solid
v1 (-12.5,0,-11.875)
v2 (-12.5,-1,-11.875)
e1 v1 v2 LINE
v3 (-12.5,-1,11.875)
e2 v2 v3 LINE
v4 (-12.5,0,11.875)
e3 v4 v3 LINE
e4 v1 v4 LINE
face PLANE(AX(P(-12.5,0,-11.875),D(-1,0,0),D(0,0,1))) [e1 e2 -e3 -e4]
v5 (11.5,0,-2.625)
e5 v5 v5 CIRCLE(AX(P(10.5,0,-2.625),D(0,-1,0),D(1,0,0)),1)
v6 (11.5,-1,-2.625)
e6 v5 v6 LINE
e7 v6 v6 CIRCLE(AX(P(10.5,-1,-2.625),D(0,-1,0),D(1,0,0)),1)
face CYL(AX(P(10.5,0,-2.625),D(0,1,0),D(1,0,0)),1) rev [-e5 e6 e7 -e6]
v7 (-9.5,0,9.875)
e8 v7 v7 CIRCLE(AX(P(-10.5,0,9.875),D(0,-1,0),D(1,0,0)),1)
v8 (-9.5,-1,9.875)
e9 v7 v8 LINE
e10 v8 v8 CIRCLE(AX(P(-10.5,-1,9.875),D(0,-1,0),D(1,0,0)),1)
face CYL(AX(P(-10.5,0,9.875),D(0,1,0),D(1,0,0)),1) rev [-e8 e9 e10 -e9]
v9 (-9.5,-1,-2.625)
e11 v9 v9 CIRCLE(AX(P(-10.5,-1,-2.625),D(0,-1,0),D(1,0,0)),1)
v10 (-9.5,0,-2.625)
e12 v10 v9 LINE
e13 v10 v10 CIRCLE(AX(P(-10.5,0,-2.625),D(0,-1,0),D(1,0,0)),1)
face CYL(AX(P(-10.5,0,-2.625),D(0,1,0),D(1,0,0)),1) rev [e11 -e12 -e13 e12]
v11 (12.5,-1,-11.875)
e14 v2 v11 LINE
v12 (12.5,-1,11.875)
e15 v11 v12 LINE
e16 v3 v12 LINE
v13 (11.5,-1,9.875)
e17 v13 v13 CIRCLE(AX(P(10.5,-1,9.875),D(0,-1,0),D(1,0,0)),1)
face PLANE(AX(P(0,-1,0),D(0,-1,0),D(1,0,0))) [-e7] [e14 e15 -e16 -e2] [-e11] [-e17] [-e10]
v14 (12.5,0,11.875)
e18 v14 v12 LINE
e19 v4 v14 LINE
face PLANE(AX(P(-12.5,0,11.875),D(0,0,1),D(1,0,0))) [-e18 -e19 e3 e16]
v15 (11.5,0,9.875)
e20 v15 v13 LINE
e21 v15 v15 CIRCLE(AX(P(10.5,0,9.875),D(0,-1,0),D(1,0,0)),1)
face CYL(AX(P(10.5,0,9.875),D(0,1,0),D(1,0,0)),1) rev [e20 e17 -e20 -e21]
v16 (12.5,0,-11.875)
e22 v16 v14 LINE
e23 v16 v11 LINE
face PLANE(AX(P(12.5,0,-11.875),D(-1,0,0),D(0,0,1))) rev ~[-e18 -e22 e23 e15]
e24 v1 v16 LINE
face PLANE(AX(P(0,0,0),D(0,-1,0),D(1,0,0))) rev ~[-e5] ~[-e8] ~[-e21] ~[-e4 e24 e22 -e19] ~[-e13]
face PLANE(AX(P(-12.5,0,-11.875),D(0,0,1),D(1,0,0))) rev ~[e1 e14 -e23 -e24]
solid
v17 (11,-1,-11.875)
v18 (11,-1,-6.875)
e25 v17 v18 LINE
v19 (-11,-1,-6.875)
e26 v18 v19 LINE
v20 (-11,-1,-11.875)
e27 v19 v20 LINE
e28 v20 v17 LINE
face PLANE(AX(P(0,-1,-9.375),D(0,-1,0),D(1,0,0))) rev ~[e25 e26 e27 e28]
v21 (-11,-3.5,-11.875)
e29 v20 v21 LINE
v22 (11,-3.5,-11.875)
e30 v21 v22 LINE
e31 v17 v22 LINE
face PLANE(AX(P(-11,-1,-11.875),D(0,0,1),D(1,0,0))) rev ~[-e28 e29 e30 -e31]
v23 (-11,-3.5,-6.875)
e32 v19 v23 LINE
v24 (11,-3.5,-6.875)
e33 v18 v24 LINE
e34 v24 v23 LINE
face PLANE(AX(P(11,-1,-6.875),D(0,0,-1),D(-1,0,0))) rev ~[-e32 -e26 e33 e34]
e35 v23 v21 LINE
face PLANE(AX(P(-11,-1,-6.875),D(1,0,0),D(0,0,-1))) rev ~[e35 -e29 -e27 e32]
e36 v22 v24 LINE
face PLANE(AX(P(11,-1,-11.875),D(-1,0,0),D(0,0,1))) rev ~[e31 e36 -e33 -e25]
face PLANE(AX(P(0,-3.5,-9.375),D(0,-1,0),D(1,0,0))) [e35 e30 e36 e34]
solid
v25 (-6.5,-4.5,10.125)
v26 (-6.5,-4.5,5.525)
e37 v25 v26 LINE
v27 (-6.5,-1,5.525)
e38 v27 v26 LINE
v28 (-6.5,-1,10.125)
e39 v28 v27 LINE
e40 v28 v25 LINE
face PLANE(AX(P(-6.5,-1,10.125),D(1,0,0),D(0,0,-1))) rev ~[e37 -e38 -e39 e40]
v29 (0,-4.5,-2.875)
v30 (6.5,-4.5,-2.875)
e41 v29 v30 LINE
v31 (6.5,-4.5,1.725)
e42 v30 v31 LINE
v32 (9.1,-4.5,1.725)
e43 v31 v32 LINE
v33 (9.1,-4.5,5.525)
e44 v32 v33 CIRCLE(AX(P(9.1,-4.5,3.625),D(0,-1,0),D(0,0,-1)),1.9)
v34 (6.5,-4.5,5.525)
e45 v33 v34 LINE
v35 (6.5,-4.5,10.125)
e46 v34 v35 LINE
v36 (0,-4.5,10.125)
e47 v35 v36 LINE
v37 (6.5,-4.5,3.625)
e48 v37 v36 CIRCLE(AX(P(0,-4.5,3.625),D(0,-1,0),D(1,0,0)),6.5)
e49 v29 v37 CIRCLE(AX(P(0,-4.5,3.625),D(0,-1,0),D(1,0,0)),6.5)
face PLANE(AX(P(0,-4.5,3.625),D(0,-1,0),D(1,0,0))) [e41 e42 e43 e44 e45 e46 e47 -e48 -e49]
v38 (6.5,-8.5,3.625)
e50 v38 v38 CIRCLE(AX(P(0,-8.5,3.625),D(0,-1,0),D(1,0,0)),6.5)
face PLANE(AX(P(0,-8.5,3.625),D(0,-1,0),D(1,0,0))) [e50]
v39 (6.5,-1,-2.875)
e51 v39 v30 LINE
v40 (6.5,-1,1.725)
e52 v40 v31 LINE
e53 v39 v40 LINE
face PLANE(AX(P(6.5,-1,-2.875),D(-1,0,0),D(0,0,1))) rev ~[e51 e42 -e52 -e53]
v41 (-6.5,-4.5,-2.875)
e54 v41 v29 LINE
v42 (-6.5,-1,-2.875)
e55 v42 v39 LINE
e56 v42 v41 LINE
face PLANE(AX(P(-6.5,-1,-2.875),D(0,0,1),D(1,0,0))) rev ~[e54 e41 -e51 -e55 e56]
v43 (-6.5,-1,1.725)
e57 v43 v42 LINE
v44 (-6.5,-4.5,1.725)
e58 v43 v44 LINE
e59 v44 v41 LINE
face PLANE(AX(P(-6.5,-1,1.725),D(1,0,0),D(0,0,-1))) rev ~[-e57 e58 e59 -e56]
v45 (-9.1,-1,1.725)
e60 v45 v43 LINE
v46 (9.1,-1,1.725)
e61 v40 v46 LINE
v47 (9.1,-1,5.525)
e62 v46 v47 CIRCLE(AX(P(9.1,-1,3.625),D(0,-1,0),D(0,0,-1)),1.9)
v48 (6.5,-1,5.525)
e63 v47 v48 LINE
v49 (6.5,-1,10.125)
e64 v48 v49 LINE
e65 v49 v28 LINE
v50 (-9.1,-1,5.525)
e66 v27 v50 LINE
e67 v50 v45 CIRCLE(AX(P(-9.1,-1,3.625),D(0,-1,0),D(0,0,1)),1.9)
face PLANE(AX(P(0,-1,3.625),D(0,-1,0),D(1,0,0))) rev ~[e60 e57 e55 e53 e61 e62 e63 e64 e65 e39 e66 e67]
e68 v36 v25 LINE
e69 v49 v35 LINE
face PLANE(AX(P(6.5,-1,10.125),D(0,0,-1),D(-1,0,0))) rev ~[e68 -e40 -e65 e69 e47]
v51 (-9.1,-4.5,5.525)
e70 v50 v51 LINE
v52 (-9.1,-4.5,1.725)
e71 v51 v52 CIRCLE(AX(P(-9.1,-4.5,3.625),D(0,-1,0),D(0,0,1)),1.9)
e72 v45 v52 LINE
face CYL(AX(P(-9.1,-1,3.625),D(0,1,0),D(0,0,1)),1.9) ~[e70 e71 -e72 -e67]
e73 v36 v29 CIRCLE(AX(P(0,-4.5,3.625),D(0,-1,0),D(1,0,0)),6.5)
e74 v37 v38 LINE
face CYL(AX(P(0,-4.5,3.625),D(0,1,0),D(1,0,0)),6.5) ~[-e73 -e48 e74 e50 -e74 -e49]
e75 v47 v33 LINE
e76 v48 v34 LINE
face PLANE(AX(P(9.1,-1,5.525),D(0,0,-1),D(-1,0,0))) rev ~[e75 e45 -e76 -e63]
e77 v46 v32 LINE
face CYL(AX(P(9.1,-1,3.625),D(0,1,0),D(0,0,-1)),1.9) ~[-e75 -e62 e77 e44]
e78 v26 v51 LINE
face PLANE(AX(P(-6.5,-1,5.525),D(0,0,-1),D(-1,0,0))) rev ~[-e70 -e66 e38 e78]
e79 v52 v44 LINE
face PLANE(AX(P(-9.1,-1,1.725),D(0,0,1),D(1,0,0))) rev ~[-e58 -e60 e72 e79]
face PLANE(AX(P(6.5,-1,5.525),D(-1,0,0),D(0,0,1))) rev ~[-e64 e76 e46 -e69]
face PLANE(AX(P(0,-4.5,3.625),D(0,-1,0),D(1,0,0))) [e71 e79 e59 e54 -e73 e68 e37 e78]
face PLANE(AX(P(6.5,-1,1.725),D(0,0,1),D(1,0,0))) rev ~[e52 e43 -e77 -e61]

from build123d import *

# Parameters (mm, degrees)
F0_W     = 25
F0_H     = 23.75
F0_R     = 1
F1_DEPTH = 1
F3_DEPTH = 2.5
F5_DEPTH = 3.5
F6_R     = 6.5
F7_DEPTH = 4


with BuildPart() as f1:
    # F0 (on Front) → F1 (new body)
    with BuildSketch(Plane.XZ):
        Rectangle(F0_W, F0_H)
        with Locations((-10.5, -2.625)):
            Circle(F0_R, mode=Mode.SUBTRACT)
        with Locations((10.5, -2.625)):
            Circle(F0_R, mode=Mode.SUBTRACT)
        with Locations((-10.5, 9.875)):
            Circle(F0_R, mode=Mode.SUBTRACT)
        with Locations((10.5, 9.875)):
            Circle(F0_R, mode=Mode.SUBTRACT)
    extrude(amount=F1_DEPTH)


with BuildPart() as f3:
    # F2 (on face) → F3 (new body)
    with BuildSketch(Plane.XZ.offset(1)):
        Polygon((-11, -6.875), (-11, -11.875), (0, -11.875), (11, -11.875), (11, -6.875), (0, -6.875), align=None)
    extrude(amount=F3_DEPTH)


with BuildPart() as f5:
    # F4 (on face) → F5 (new body)
    with BuildSketch(Plane.XZ.offset(1)):
        with BuildLine():
            Line((-6.5, -2.875), (6.5, -2.875))
            Line((6.5, -2.875), (6.5, 1.725))
            Line((6.5, 1.725), (9.1, 1.725))
            ThreePointArc((9.1, 1.725), (11, 3.625), (9.1, 5.525))
            Line((9.1, 5.525), (6.5, 5.525))
            Line((6.5, 5.525), (6.5, 10.125))
            Line((6.5, 10.125), (-6.5, 10.125))
            Line((-6.5, 10.125), (-6.5, 5.525))
            Line((-6.5, 5.525), (-9.1, 5.525))
            ThreePointArc((-9.1, 5.525), (-11, 3.625), (-9.1, 1.725))
            Line((-9.1, 1.725), (-6.5, 1.725))
            Line((-6.5, 1.725), (-6.5, -2.875))
        make_face()
    extrude(amount=F5_DEPTH)

    # F6 (on face) → F7 (join)
    with BuildSketch(Plane.XZ.offset(4.5)):
        with Locations((0, 3.625)):
            Circle(F6_R)
    extrude(amount=F7_DEPTH)


solid = Compound([f1.part, f3.part, f5.part])
